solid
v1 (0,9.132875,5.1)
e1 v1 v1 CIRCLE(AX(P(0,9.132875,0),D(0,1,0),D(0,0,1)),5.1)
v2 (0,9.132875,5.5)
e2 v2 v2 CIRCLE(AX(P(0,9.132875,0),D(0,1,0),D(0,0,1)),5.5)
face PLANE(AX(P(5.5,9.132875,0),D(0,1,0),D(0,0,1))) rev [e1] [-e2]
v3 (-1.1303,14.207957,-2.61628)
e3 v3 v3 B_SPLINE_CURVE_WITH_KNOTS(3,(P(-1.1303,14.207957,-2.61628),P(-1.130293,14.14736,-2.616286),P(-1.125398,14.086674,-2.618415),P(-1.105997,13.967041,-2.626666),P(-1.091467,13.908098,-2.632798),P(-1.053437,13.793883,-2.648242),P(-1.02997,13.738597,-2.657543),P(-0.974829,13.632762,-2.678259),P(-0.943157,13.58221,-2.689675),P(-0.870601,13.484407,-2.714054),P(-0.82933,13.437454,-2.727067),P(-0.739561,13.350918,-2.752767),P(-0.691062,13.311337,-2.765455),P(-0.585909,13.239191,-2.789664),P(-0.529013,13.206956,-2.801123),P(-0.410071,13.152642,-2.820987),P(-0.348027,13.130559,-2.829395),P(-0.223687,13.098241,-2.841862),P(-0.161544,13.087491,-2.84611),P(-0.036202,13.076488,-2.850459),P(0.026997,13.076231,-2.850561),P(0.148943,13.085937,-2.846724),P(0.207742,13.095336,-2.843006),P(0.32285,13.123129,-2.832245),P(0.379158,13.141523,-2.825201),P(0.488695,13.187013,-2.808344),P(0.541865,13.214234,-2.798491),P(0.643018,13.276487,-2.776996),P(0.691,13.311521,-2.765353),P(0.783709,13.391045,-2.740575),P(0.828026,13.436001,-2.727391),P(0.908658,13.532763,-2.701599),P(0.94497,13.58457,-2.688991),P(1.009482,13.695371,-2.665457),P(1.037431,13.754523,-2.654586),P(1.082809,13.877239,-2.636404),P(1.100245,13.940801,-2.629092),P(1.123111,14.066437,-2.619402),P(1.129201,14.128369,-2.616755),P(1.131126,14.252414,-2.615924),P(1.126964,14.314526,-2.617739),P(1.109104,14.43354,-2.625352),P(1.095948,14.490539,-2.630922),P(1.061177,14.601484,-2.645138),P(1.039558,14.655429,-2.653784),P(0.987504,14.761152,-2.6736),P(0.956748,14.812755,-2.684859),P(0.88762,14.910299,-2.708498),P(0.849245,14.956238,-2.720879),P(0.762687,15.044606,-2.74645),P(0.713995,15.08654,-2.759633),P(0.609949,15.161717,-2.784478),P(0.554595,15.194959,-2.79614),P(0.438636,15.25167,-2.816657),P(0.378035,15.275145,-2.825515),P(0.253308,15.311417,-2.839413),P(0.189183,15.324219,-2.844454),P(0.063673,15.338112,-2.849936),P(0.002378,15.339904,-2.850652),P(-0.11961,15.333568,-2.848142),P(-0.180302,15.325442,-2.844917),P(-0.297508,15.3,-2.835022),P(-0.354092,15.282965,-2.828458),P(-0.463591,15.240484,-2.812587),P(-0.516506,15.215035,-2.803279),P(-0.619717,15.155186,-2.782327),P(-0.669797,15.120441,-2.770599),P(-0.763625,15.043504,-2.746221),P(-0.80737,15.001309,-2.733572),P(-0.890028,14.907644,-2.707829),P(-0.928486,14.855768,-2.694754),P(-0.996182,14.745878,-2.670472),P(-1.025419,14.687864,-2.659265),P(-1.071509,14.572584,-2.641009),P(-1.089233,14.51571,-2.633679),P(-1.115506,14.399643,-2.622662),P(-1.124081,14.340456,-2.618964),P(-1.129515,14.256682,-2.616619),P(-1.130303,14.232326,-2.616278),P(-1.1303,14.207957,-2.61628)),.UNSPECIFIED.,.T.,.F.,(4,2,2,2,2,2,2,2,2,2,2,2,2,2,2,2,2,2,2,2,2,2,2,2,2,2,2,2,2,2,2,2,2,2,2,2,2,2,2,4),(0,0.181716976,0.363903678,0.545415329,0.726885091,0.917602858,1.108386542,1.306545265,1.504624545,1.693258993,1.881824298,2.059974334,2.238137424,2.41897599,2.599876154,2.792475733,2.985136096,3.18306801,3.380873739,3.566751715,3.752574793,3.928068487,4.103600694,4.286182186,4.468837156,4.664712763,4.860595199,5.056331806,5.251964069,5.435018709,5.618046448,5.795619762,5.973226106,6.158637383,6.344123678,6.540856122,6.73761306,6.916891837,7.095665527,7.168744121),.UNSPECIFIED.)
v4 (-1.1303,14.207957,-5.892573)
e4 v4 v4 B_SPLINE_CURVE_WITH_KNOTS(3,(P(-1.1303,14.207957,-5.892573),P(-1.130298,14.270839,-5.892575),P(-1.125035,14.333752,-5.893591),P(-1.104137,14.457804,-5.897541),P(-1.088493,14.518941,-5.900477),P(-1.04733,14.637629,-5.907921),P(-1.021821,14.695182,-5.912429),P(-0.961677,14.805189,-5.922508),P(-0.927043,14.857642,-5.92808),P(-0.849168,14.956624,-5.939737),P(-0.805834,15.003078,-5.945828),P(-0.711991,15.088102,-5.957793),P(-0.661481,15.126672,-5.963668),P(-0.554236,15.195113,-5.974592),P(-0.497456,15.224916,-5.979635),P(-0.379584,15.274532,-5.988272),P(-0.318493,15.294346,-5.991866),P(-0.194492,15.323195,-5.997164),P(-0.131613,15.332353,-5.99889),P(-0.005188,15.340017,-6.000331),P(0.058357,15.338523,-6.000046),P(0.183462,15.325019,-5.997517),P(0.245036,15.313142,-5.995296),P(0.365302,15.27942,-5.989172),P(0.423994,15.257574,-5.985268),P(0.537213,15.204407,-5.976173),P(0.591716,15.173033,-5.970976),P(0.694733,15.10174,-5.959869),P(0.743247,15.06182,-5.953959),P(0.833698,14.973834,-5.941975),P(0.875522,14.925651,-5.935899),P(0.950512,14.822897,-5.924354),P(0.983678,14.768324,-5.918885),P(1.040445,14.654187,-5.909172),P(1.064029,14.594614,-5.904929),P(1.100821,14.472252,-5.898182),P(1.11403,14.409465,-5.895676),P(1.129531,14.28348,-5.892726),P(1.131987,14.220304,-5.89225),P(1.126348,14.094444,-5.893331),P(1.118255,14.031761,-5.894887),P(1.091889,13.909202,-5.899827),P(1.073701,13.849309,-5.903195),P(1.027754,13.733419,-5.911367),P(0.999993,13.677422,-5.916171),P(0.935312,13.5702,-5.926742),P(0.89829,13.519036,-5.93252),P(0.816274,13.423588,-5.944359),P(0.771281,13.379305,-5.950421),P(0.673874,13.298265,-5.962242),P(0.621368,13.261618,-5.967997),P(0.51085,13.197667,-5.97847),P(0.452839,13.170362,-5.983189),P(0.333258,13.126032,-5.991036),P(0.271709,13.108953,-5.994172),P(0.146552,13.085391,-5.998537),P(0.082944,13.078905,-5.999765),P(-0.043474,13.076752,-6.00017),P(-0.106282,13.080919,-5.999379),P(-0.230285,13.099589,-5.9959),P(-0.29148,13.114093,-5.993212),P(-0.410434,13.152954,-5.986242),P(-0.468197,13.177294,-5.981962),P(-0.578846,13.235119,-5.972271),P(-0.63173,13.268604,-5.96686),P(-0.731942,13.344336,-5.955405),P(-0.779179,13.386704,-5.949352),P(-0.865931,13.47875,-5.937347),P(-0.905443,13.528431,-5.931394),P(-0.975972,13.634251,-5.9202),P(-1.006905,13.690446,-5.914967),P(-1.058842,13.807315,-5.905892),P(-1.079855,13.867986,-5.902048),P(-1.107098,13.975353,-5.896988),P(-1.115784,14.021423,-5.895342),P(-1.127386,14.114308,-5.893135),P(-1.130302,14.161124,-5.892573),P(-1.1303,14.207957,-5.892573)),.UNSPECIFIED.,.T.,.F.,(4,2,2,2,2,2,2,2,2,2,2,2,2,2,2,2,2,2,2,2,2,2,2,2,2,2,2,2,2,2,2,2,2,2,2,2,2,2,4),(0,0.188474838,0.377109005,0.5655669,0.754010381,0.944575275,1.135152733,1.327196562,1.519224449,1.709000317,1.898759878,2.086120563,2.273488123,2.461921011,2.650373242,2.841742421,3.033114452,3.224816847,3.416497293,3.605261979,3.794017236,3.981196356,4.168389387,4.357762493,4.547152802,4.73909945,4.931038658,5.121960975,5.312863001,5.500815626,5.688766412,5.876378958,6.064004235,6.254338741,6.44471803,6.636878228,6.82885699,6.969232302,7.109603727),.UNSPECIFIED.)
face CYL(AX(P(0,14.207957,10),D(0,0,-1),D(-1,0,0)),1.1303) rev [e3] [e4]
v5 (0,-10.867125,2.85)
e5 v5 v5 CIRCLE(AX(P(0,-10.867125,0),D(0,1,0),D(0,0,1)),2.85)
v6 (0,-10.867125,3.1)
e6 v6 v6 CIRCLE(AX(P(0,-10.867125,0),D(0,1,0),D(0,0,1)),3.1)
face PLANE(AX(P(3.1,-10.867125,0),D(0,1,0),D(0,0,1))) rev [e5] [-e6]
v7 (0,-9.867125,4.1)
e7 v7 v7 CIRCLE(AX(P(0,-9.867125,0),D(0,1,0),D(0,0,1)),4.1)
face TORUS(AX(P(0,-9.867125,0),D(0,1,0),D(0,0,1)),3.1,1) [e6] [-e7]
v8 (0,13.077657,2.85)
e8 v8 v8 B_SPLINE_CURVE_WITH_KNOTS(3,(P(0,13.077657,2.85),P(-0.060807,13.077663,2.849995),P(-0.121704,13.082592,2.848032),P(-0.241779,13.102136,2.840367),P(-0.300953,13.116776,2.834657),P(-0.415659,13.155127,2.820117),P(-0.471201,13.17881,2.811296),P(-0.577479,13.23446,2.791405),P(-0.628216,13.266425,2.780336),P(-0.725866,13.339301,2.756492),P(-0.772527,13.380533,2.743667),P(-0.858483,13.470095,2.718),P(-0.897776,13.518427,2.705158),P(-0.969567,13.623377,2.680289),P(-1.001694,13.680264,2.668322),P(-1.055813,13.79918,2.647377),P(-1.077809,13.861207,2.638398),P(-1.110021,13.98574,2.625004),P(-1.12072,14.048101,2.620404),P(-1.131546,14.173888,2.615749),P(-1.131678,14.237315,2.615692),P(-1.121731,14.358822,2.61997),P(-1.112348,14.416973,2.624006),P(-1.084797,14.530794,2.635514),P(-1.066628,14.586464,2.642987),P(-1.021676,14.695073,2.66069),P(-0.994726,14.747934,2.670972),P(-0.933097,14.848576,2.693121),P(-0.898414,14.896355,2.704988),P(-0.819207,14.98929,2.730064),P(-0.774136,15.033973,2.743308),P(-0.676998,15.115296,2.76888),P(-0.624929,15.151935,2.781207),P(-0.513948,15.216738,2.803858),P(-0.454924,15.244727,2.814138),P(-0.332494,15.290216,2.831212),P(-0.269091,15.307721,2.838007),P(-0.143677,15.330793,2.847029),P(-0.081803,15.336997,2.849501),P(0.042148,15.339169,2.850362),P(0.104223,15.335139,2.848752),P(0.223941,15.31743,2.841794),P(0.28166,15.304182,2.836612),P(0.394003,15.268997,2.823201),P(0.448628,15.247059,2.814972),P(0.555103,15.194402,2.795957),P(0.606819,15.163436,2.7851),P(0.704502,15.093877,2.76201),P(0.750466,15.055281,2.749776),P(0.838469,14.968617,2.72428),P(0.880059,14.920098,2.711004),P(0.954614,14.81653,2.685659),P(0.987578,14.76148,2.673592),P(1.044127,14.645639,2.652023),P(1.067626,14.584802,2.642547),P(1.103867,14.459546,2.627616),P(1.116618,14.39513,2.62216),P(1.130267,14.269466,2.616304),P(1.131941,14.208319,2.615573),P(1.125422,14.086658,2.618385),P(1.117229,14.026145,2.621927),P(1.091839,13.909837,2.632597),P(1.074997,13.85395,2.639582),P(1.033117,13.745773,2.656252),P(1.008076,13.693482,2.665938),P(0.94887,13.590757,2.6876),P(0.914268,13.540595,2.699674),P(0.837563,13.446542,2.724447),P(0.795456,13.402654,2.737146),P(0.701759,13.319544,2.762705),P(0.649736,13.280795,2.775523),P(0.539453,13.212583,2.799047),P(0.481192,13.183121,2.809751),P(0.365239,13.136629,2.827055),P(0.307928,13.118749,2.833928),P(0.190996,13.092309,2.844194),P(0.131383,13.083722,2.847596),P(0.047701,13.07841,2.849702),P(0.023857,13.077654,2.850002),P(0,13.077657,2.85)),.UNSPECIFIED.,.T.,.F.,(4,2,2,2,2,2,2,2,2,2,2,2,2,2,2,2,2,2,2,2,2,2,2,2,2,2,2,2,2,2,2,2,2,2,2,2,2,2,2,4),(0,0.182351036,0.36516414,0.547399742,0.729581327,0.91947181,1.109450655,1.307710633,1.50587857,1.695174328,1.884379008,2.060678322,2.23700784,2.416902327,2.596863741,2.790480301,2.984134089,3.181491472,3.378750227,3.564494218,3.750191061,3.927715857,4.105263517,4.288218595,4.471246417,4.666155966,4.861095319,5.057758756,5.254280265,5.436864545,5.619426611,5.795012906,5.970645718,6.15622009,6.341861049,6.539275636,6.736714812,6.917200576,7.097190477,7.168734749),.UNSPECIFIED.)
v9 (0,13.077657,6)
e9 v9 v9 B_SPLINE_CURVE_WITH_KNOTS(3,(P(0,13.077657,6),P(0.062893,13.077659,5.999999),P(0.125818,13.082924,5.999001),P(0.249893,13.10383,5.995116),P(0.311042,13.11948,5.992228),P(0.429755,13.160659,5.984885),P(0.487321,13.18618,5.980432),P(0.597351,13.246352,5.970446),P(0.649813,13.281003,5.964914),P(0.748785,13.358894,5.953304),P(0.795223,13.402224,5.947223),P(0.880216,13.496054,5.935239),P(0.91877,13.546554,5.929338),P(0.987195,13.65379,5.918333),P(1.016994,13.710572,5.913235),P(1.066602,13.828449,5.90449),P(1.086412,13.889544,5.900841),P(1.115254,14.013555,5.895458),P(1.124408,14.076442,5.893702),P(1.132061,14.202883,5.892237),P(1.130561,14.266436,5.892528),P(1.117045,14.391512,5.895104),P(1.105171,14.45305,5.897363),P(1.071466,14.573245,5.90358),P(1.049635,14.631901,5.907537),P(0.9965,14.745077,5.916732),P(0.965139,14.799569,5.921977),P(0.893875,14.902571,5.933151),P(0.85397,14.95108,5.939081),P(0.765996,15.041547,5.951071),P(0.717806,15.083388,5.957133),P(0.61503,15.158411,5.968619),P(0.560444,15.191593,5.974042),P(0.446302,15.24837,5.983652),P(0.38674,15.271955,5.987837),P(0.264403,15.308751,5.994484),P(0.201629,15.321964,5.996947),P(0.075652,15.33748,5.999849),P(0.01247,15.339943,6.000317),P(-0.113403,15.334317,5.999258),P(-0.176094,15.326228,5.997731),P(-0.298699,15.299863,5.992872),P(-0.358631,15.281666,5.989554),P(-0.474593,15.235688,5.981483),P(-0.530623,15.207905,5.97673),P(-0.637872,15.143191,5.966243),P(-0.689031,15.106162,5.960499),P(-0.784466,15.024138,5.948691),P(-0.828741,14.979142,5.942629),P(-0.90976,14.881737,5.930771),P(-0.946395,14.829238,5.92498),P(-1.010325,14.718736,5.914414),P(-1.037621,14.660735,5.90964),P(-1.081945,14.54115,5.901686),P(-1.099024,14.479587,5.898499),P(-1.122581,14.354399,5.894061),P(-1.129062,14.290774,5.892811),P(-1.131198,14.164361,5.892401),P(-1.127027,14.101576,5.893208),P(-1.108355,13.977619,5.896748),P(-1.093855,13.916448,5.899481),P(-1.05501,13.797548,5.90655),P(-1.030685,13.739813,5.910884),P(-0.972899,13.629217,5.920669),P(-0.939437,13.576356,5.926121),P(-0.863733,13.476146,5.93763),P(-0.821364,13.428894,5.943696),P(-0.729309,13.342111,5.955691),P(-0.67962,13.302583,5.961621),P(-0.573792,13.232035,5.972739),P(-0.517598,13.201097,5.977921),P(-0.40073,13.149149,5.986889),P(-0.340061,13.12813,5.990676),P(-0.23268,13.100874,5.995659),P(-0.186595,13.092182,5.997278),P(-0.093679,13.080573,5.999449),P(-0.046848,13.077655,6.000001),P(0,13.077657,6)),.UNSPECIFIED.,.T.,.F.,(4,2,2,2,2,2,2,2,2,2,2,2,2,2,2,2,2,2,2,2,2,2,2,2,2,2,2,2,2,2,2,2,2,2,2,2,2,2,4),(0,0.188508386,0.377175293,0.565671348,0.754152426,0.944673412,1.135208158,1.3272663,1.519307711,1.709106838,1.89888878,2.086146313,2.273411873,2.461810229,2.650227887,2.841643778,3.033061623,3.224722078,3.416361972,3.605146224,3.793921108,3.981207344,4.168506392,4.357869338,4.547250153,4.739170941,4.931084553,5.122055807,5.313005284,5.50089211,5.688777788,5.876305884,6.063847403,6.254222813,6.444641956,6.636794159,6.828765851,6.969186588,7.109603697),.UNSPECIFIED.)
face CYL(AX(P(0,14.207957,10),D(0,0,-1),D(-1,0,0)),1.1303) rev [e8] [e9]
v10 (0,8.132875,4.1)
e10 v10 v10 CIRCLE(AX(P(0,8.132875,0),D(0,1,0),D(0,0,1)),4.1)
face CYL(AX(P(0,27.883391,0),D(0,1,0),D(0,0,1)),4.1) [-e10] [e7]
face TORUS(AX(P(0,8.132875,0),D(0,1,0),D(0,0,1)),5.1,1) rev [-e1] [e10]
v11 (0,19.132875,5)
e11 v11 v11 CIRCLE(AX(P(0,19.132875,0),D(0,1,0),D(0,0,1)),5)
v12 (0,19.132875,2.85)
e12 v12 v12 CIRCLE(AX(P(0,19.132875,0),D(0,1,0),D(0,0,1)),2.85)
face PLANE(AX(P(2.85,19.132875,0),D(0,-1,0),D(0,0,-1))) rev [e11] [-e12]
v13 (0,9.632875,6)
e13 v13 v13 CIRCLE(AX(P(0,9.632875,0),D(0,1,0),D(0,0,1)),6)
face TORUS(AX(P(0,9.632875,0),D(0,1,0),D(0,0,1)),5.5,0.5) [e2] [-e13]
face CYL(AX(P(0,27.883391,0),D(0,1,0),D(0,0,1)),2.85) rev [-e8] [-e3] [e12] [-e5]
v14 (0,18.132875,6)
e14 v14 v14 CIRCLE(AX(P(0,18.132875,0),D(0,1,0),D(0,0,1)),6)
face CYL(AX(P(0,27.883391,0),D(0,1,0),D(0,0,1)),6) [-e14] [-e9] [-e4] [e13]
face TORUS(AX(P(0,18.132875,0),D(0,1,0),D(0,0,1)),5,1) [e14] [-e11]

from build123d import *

# Parameters (mm, degrees)
CUT_EXTRUDE1_DEPTH      = 10
CUT_EXTRUDE1_DEPTH_BACK = 10
SKETCH2_R               = 1.1303


with BuildPart() as part:
    # Sketch1 → Revolve1 (revolve)
    with BuildSketch(Plane.XY):
        with BuildLine():
            Line((2.85, 19.132875201), (5, 19.132875201))
            ThreePointArc((5, 19.132875201), (5.707106781, 18.839981982), (6, 18.132875201))
            Line((6, 18.132875201), (6, 9.632875201))
            ThreePointArc((6, 9.632875201), (5.853553391, 9.27932181), (5.5, 9.132875201))
            Line((5.5, 9.132875201), (5.1, 9.132875201))
            ThreePointArc((5.1, 9.132875201), (4.392893219, 8.839981982), (4.1, 8.132875201))
            Line((4.1, 8.132875201), (4.1, -9.867124799))
            ThreePointArc((4.1, -9.867124799), (3.807106781, -10.57423158), (3.1, -10.867124799))
            Line((3.1, -10.867124799), (2.85, -10.867124799))
            Line((2.85, -10.867124799), (2.85, 19.132875201))
        make_face()
    revolve(axis=Axis((0, 27.883391117, 0), (0, -1, 0)))

    # Sketch2 → Cut-Extrude1 (cut, two sides: drawn at the far end of the back side and taken through both)
    with BuildSketch(Plane.XY.offset(-CUT_EXTRUDE1_DEPTH_BACK)):
        with Locations((0, 14.207956768)):
            Circle(SKETCH2_R)
    extrude(amount=CUT_EXTRUDE1_DEPTH + CUT_EXTRUDE1_DEPTH_BACK, mode=Mode.SUBTRACT)


solid = part.part
